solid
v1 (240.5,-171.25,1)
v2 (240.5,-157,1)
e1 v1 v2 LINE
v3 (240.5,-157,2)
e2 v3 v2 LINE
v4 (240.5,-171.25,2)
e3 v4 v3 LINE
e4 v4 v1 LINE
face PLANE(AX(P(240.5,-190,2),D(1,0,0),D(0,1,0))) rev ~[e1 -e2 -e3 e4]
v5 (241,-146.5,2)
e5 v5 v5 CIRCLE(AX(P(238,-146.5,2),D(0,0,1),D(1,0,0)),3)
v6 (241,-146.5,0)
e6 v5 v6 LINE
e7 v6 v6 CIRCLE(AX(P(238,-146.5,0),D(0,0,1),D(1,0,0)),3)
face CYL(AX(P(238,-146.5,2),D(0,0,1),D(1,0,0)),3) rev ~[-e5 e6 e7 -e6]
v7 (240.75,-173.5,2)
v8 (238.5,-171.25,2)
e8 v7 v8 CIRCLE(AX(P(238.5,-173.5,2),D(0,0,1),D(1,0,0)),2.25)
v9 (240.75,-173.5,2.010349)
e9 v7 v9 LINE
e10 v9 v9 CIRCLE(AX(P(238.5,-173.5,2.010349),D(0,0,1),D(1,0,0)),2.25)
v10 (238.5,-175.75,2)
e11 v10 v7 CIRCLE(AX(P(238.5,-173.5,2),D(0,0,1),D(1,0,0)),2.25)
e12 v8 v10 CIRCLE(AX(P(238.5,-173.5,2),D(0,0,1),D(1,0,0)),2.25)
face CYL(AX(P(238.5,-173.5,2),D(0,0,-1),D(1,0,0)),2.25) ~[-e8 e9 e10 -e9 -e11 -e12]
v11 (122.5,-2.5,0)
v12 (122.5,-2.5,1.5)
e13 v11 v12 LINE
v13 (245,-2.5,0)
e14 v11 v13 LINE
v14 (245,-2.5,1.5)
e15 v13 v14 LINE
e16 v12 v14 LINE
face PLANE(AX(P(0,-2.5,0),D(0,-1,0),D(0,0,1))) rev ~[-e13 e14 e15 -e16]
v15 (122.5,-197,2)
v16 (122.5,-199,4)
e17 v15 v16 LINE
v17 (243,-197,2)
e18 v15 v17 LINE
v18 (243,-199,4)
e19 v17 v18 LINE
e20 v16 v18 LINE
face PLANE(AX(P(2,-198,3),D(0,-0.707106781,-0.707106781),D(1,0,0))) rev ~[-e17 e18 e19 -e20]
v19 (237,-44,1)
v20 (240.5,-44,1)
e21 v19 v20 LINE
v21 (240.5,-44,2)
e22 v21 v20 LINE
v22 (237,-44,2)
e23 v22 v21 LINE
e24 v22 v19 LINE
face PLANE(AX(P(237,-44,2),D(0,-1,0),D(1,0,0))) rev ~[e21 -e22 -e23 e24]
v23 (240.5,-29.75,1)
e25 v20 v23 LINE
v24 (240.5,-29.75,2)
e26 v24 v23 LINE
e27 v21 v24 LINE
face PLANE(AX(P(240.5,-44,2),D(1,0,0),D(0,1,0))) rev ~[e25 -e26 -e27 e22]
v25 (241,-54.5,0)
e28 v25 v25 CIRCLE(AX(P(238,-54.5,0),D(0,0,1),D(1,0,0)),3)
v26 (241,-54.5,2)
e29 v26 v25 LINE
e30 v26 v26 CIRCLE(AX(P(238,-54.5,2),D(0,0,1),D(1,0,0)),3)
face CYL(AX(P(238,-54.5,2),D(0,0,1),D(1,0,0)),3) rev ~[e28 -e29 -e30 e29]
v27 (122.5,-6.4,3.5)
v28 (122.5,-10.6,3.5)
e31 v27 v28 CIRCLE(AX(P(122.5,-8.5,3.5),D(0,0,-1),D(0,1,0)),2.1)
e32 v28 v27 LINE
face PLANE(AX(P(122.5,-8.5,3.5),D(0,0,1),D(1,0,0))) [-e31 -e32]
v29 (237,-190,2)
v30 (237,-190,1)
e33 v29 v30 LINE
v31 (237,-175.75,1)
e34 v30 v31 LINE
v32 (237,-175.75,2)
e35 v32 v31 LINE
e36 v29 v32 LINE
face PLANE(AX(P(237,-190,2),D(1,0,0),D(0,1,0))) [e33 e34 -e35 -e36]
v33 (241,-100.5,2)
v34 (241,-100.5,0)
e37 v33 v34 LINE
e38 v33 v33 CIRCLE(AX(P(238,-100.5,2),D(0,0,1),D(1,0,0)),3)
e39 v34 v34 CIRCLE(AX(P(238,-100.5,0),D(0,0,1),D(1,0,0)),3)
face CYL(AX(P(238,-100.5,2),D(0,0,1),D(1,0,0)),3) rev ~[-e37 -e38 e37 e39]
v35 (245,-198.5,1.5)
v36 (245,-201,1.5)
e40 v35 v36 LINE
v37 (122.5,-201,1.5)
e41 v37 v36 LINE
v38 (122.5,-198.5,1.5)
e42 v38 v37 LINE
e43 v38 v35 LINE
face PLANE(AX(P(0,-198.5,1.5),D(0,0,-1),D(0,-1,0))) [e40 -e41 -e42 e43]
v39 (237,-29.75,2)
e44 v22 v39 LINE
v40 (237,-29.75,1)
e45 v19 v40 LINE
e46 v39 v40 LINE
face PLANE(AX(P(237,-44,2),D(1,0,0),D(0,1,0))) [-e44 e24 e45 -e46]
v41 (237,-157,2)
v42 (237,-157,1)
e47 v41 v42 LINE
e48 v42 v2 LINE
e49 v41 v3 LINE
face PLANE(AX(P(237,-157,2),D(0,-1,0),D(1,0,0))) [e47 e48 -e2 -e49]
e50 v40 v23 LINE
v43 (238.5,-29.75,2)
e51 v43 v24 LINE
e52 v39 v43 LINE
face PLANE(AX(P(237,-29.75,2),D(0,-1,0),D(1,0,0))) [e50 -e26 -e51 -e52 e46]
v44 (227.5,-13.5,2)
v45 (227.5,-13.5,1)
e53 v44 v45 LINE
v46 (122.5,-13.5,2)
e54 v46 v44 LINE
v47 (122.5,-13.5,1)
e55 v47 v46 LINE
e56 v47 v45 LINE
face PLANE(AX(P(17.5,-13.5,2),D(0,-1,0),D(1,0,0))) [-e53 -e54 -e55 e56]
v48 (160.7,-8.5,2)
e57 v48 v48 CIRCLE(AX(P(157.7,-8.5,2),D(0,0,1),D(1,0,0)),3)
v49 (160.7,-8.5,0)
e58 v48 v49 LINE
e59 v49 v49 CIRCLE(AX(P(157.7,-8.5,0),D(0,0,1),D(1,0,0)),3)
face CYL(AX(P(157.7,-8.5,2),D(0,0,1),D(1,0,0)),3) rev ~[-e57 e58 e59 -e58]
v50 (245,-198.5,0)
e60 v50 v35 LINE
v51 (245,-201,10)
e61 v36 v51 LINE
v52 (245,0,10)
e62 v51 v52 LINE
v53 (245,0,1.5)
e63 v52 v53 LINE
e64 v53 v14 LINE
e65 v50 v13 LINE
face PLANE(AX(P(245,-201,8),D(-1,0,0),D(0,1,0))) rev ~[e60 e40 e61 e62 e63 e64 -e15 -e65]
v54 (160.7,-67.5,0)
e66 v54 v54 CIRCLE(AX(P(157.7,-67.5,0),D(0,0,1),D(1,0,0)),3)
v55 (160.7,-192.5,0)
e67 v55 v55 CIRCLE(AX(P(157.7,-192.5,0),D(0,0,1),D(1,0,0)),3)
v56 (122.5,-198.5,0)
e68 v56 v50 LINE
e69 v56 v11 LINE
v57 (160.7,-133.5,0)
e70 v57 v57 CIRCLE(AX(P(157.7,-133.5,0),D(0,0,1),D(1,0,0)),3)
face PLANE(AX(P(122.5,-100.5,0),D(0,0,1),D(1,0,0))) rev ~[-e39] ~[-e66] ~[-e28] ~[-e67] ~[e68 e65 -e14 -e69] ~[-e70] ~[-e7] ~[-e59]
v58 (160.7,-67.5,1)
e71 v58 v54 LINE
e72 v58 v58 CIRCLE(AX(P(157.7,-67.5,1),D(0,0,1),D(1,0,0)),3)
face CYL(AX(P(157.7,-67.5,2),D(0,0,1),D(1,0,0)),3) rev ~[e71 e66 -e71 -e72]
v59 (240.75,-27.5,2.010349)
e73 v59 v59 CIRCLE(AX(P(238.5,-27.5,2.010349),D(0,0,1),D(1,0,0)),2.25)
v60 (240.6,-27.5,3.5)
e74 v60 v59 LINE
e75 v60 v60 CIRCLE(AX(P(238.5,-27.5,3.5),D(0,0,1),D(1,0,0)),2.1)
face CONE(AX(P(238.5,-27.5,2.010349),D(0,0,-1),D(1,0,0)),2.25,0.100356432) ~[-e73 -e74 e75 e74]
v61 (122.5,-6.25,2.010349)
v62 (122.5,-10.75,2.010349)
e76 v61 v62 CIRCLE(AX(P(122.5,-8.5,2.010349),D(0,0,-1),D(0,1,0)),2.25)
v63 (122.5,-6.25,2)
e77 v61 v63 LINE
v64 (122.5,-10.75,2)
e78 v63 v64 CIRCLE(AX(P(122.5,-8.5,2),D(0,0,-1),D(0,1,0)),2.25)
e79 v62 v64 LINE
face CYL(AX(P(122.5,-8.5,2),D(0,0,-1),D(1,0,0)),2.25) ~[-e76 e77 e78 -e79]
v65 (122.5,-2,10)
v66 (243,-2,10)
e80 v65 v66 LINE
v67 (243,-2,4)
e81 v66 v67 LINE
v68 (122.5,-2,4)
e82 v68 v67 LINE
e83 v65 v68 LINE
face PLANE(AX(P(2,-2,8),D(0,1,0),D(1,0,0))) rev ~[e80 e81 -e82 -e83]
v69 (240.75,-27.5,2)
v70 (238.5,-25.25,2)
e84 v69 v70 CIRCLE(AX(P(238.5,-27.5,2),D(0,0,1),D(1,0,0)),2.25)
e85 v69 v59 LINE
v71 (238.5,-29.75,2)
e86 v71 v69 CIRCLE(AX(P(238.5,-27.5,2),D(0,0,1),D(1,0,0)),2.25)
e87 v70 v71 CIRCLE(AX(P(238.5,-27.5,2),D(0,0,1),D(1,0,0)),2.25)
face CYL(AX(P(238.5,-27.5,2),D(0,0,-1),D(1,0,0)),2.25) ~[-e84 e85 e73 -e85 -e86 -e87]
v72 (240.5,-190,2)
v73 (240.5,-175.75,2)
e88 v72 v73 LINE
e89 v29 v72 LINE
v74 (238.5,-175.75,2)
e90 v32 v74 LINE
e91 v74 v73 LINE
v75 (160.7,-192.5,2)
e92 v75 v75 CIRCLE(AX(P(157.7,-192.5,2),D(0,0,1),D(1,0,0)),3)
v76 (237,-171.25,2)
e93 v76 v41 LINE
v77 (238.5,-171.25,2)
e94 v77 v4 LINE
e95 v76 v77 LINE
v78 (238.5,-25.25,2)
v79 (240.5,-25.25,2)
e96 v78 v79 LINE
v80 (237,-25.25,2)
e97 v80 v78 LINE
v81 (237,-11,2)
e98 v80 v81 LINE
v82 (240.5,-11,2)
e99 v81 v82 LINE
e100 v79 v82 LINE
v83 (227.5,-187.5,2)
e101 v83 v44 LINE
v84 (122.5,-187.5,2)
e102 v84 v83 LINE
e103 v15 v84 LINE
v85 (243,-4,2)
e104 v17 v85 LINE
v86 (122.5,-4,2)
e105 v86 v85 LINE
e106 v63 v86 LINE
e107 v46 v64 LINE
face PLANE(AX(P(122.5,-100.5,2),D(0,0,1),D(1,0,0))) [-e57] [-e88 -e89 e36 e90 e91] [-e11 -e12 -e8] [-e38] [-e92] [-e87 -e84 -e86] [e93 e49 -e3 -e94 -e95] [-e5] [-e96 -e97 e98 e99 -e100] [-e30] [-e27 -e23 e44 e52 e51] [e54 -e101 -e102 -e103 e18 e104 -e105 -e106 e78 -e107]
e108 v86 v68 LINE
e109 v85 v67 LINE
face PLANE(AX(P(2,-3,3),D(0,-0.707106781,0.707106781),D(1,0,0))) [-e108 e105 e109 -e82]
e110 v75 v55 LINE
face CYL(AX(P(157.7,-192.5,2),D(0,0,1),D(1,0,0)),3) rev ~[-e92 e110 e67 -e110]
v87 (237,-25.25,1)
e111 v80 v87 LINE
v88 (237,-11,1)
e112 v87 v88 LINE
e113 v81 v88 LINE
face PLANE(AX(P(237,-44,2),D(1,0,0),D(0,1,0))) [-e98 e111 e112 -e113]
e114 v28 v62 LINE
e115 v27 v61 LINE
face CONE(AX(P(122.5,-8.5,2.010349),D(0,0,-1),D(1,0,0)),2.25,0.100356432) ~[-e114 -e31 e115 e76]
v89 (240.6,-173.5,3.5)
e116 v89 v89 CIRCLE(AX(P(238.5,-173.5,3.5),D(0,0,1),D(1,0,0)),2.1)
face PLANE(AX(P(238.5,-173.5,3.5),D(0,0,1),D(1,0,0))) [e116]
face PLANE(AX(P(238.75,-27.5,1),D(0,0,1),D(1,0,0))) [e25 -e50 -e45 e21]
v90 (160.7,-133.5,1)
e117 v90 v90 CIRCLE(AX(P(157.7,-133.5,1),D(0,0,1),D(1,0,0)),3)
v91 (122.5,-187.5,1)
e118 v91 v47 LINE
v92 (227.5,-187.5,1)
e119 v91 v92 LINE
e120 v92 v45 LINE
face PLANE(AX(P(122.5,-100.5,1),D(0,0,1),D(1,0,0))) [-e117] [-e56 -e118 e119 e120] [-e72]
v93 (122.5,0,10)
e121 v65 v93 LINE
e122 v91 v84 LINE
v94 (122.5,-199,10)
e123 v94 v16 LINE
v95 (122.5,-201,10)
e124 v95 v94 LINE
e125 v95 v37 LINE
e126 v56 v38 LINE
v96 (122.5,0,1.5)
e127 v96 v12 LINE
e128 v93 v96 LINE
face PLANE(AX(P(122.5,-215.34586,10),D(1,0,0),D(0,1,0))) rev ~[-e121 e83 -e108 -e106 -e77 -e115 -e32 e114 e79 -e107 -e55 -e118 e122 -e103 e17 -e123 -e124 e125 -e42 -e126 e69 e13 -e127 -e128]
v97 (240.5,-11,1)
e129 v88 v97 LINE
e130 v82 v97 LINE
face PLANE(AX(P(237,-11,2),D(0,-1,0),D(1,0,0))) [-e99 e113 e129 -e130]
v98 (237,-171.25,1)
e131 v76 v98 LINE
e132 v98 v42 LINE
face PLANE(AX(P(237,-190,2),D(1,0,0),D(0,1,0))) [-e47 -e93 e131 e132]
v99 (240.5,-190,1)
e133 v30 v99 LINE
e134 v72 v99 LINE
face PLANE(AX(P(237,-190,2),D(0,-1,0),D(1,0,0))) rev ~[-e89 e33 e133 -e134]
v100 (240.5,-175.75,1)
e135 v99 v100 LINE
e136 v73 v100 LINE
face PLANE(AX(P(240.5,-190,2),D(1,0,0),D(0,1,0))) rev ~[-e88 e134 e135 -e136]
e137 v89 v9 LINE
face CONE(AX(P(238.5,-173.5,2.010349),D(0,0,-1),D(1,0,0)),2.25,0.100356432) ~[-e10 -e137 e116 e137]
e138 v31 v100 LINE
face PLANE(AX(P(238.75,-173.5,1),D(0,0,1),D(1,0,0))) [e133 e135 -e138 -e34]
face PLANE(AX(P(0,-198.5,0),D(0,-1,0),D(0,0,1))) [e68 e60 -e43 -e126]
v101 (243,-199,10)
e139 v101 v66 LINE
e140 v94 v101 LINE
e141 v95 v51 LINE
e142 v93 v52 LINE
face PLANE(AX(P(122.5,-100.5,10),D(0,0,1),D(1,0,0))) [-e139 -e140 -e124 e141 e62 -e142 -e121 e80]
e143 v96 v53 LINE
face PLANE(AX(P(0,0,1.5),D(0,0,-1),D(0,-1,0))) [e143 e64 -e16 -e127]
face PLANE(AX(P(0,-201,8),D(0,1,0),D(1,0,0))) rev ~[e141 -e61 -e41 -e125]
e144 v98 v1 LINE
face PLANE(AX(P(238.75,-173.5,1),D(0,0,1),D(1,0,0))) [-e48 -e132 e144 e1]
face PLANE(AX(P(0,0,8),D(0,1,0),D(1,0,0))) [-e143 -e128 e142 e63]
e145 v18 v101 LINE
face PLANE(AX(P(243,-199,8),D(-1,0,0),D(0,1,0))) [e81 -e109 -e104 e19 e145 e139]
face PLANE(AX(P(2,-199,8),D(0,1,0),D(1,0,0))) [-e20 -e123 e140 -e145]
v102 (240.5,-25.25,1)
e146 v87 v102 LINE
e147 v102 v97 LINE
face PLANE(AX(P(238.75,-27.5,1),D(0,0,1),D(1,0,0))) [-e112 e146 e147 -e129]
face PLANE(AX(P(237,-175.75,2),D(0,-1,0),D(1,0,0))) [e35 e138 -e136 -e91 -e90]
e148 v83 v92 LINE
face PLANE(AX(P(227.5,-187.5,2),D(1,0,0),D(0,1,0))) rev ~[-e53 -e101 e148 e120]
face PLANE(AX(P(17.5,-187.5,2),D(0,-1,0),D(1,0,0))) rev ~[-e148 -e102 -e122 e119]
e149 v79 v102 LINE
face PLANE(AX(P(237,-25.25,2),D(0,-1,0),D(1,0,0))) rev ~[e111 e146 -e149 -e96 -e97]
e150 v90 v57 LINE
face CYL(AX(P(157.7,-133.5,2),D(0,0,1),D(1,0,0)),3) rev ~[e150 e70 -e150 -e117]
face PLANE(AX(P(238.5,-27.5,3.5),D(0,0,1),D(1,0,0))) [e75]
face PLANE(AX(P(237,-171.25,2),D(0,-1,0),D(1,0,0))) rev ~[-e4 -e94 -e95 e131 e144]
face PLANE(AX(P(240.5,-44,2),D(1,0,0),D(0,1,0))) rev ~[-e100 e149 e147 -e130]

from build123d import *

# Parameters (mm, degrees)
F0_W        = 245
F0_H        = 201
F1_DEPTH    = 8
F2_T        = -2
F3_W        = 210
F3_H        = 174
F4_DEPTH    = 1
F5_W        = 3.5
F5_H        = 33
F6_DEPTH    = 1
F8_W        = 3.5
F8_H        = 4.5
F9_DEPTH    = 1
F10_R       = 2.25
F11_DEPTH   = 1.5
F12_SIZE2   = 1.4896513151
F12_SIZE    = 0.15
F12_2_SIZE2 = 1.4896513151
F12_2_SIZE  = 0.15
F12_3_SIZE2 = 1.4896513151
F12_3_SIZE  = 0.15
F12_4_SIZE2 = 1.4896513151
F12_4_SIZE  = 0.15
F12_5_SIZE2 = 1.4896513151
F12_5_SIZE  = 0.15
F13_R       = 3
F14_DEPTH   = 2.001
F15_W       = 2.5
F15_H       = 1.5
F16_DEPTH   = 245.001
F17_SIZE    = 2
F18_DEPTH   = 2
F19_W       = 141.9361917675
F19_H       = 219.9546247721
F20_DEPTH   = 10.001


with BuildPart() as f1:
    # F0 (on Top) → F1 (new body)
    with BuildSketch(Plane.XY):
        with Locations((122.5, -100.5)):
            Rectangle(F0_W, F0_H)
    extrude(amount=F1_DEPTH)

    # F2
    f2_openings = [f1.faces().sort_by_distance(p)[0] for p in [
        (122.5, -100.5, 8),
    ]]
    offset(amount=F2_T, openings=f2_openings)

    # F3 (on face) → F4 (cut)
    with BuildSketch(Plane.XY.offset(2)):
        with Locations((122.5, -100.5)):
            Rectangle(F3_W, F3_H)
    extrude(amount=-F4_DEPTH, mode=Mode.SUBTRACT)

    # F5 (on face) → F6 (cut)
    with BuildSketch(Plane.XY.offset(2)):
        with Locations((6.25, -27.5)):
            Rectangle(F5_W, F5_H)
        with Locations((6.25, -173.5)):
            Rectangle(F5_W, F5_H)
        with Locations((238.75, -27.5)):
            Rectangle(F5_W, F5_H)
        with Locations((238.75, -173.5)):
            Rectangle(F5_W, F5_H)
    extrude(amount=-F6_DEPTH, mode=Mode.SUBTRACT)

    # F8 (on face) → F9 (join)
    with BuildSketch(Plane.XY.offset(2)):
        with Locations((238.75, -173.5)):
            Rectangle(F8_W, F8_H)
        with Locations((238.75, -27.5)):
            Rectangle(F8_W, F8_H)
        with Locations((6.25, -27.5)):
            Rectangle(F8_W, F8_H)
        with Locations((6.25, -173.5)):
            Rectangle(F8_W, F8_H)
    extrude(amount=-F9_DEPTH)

    # F10 (on face) → F11 (join)
    with BuildSketch(Plane.XY.offset(2)):
        with Locations((238.5, -27.5)):
            Circle(F10_R)
        with Locations((6.5, -27.5)):
            Circle(F10_R)
        with Locations((6.5, -173.5)):
            Circle(F10_R)
        with Locations((238.5, -173.5)):
            Circle(F10_R)
        with Locations((122.5, -8.5)):
            Circle(F10_R)
    extrude(amount=F11_DEPTH)

    # F12
    f12_edges = [f1.edges().sort_by_distance(p)[0] for p in [
        (236.25, -173.5, 3.5),
    ]]
    f12_side = f1.faces().sort_by_distance((238.5, -173.5, 3.5))[0]
    chamfer(f12_edges, length=F12_SIZE, length2=F12_SIZE2, reference=f12_side)

    # F12#2
    f12_2_edges = [f1.edges().sort_by_distance(p)[0] for p in [
        (4.25, -173.5, 3.5),
    ]]
    f12_2_side = f1.faces().sort_by_distance((6.5, -173.5, 3.5))[0]
    chamfer(f12_2_edges, length=F12_2_SIZE, length2=F12_2_SIZE2, reference=f12_2_side)

    # F12#3
    f12_3_edges = [f1.edges().sort_by_distance(p)[0] for p in [
        (236.25, -27.5, 3.5),
    ]]
    f12_3_side = f1.faces().sort_by_distance((238.5, -27.5, 3.5))[0]
    chamfer(f12_3_edges, length=F12_3_SIZE, length2=F12_3_SIZE2, reference=f12_3_side)

    # F12#4
    f12_4_edges = [f1.edges().sort_by_distance(p)[0] for p in [
        (4.25, -27.5, 3.5),
    ]]
    f12_4_side = f1.faces().sort_by_distance((6.5, -27.5, 3.5))[0]
    chamfer(f12_4_edges, length=F12_4_SIZE, length2=F12_4_SIZE2, reference=f12_4_side)

    # F12#5
    f12_5_edges = [f1.edges().sort_by_distance(p)[0] for p in [
        (120.25, -8.5, 3.5),
    ]]
    f12_5_side = f1.faces().sort_by_distance((122.5, -8.5, 3.5))[0]
    chamfer(f12_5_edges, length=F12_5_SIZE, length2=F12_5_SIZE2, reference=f12_5_side)

    # F13 (on face) → F14 (cut, through all)
    with BuildSketch(Plane.XY.offset(2)):
        with Locations((7, -54.5)):
            Circle(F13_R)
        with Locations((7, -100.5)):
            Circle(F13_R)
        with Locations((7, -146.5)):
            Circle(F13_R)
        with Locations((238, -54.5)):
            Circle(F13_R)
        with Locations((238, -100.5)):
            Circle(F13_R)
        with Locations((238, -146.5)):
            Circle(F13_R)
        with Locations((87.3, -8.5)):
            Circle(F13_R)
        with Locations((87.3, -67.5)):
            Circle(F13_R)
        with Locations((157.7, -8.5)):
            Circle(F13_R)
        with Locations((157.7, -67.5)):
            Circle(F13_R)
        with Locations((157.7, -133.5)):
            Circle(F13_R)
        with Locations((157.7, -192.5)):
            Circle(F13_R)
        with Locations((87.3, -192.5)):
            Circle(F13_R)
        with Locations((87.3, -133.5)):
            Circle(F13_R)
    extrude(amount=-F14_DEPTH, mode=Mode.SUBTRACT)

    # F15 (on face) → F16 (cut, through all)
    with BuildSketch(Plane(origin=(0, 0, 0), x_dir=(0, -1, 0), z_dir=(-1, 0, 0))):
        with Locations((1.25, 0.75)):
            Rectangle(F15_W, F15_H)
        with Locations((199.75, 0.75)):
            Rectangle(F15_W, F15_H)
    extrude(amount=-F16_DEPTH, mode=Mode.SUBTRACT)

    # F17
    f17_edges = [f1.edges().sort_by_distance(p)[0] for p in [
        (122.5, -2, 2),
        (122.5, -199, 2),
    ]]
    chamfer(f17_edges, length=F17_SIZE)

    # F18 (add): a face of the model
    f18_faces = [f1.faces().sort_by_distance(p)[0] for p in [
        (122.5, -0.3169006153, 8),
    ]]
    extrude(f18_faces, amount=F18_DEPTH)

    # F19 (on face) → F20 (cut, through all)
    with BuildSketch(Plane.XY.offset(10)):
        with Locations((51.5319041163, -105.3685471416)):
            Rectangle(F19_W, F19_H)
    extrude(amount=-F20_DEPTH, mode=Mode.SUBTRACT)


solid = f1.part
